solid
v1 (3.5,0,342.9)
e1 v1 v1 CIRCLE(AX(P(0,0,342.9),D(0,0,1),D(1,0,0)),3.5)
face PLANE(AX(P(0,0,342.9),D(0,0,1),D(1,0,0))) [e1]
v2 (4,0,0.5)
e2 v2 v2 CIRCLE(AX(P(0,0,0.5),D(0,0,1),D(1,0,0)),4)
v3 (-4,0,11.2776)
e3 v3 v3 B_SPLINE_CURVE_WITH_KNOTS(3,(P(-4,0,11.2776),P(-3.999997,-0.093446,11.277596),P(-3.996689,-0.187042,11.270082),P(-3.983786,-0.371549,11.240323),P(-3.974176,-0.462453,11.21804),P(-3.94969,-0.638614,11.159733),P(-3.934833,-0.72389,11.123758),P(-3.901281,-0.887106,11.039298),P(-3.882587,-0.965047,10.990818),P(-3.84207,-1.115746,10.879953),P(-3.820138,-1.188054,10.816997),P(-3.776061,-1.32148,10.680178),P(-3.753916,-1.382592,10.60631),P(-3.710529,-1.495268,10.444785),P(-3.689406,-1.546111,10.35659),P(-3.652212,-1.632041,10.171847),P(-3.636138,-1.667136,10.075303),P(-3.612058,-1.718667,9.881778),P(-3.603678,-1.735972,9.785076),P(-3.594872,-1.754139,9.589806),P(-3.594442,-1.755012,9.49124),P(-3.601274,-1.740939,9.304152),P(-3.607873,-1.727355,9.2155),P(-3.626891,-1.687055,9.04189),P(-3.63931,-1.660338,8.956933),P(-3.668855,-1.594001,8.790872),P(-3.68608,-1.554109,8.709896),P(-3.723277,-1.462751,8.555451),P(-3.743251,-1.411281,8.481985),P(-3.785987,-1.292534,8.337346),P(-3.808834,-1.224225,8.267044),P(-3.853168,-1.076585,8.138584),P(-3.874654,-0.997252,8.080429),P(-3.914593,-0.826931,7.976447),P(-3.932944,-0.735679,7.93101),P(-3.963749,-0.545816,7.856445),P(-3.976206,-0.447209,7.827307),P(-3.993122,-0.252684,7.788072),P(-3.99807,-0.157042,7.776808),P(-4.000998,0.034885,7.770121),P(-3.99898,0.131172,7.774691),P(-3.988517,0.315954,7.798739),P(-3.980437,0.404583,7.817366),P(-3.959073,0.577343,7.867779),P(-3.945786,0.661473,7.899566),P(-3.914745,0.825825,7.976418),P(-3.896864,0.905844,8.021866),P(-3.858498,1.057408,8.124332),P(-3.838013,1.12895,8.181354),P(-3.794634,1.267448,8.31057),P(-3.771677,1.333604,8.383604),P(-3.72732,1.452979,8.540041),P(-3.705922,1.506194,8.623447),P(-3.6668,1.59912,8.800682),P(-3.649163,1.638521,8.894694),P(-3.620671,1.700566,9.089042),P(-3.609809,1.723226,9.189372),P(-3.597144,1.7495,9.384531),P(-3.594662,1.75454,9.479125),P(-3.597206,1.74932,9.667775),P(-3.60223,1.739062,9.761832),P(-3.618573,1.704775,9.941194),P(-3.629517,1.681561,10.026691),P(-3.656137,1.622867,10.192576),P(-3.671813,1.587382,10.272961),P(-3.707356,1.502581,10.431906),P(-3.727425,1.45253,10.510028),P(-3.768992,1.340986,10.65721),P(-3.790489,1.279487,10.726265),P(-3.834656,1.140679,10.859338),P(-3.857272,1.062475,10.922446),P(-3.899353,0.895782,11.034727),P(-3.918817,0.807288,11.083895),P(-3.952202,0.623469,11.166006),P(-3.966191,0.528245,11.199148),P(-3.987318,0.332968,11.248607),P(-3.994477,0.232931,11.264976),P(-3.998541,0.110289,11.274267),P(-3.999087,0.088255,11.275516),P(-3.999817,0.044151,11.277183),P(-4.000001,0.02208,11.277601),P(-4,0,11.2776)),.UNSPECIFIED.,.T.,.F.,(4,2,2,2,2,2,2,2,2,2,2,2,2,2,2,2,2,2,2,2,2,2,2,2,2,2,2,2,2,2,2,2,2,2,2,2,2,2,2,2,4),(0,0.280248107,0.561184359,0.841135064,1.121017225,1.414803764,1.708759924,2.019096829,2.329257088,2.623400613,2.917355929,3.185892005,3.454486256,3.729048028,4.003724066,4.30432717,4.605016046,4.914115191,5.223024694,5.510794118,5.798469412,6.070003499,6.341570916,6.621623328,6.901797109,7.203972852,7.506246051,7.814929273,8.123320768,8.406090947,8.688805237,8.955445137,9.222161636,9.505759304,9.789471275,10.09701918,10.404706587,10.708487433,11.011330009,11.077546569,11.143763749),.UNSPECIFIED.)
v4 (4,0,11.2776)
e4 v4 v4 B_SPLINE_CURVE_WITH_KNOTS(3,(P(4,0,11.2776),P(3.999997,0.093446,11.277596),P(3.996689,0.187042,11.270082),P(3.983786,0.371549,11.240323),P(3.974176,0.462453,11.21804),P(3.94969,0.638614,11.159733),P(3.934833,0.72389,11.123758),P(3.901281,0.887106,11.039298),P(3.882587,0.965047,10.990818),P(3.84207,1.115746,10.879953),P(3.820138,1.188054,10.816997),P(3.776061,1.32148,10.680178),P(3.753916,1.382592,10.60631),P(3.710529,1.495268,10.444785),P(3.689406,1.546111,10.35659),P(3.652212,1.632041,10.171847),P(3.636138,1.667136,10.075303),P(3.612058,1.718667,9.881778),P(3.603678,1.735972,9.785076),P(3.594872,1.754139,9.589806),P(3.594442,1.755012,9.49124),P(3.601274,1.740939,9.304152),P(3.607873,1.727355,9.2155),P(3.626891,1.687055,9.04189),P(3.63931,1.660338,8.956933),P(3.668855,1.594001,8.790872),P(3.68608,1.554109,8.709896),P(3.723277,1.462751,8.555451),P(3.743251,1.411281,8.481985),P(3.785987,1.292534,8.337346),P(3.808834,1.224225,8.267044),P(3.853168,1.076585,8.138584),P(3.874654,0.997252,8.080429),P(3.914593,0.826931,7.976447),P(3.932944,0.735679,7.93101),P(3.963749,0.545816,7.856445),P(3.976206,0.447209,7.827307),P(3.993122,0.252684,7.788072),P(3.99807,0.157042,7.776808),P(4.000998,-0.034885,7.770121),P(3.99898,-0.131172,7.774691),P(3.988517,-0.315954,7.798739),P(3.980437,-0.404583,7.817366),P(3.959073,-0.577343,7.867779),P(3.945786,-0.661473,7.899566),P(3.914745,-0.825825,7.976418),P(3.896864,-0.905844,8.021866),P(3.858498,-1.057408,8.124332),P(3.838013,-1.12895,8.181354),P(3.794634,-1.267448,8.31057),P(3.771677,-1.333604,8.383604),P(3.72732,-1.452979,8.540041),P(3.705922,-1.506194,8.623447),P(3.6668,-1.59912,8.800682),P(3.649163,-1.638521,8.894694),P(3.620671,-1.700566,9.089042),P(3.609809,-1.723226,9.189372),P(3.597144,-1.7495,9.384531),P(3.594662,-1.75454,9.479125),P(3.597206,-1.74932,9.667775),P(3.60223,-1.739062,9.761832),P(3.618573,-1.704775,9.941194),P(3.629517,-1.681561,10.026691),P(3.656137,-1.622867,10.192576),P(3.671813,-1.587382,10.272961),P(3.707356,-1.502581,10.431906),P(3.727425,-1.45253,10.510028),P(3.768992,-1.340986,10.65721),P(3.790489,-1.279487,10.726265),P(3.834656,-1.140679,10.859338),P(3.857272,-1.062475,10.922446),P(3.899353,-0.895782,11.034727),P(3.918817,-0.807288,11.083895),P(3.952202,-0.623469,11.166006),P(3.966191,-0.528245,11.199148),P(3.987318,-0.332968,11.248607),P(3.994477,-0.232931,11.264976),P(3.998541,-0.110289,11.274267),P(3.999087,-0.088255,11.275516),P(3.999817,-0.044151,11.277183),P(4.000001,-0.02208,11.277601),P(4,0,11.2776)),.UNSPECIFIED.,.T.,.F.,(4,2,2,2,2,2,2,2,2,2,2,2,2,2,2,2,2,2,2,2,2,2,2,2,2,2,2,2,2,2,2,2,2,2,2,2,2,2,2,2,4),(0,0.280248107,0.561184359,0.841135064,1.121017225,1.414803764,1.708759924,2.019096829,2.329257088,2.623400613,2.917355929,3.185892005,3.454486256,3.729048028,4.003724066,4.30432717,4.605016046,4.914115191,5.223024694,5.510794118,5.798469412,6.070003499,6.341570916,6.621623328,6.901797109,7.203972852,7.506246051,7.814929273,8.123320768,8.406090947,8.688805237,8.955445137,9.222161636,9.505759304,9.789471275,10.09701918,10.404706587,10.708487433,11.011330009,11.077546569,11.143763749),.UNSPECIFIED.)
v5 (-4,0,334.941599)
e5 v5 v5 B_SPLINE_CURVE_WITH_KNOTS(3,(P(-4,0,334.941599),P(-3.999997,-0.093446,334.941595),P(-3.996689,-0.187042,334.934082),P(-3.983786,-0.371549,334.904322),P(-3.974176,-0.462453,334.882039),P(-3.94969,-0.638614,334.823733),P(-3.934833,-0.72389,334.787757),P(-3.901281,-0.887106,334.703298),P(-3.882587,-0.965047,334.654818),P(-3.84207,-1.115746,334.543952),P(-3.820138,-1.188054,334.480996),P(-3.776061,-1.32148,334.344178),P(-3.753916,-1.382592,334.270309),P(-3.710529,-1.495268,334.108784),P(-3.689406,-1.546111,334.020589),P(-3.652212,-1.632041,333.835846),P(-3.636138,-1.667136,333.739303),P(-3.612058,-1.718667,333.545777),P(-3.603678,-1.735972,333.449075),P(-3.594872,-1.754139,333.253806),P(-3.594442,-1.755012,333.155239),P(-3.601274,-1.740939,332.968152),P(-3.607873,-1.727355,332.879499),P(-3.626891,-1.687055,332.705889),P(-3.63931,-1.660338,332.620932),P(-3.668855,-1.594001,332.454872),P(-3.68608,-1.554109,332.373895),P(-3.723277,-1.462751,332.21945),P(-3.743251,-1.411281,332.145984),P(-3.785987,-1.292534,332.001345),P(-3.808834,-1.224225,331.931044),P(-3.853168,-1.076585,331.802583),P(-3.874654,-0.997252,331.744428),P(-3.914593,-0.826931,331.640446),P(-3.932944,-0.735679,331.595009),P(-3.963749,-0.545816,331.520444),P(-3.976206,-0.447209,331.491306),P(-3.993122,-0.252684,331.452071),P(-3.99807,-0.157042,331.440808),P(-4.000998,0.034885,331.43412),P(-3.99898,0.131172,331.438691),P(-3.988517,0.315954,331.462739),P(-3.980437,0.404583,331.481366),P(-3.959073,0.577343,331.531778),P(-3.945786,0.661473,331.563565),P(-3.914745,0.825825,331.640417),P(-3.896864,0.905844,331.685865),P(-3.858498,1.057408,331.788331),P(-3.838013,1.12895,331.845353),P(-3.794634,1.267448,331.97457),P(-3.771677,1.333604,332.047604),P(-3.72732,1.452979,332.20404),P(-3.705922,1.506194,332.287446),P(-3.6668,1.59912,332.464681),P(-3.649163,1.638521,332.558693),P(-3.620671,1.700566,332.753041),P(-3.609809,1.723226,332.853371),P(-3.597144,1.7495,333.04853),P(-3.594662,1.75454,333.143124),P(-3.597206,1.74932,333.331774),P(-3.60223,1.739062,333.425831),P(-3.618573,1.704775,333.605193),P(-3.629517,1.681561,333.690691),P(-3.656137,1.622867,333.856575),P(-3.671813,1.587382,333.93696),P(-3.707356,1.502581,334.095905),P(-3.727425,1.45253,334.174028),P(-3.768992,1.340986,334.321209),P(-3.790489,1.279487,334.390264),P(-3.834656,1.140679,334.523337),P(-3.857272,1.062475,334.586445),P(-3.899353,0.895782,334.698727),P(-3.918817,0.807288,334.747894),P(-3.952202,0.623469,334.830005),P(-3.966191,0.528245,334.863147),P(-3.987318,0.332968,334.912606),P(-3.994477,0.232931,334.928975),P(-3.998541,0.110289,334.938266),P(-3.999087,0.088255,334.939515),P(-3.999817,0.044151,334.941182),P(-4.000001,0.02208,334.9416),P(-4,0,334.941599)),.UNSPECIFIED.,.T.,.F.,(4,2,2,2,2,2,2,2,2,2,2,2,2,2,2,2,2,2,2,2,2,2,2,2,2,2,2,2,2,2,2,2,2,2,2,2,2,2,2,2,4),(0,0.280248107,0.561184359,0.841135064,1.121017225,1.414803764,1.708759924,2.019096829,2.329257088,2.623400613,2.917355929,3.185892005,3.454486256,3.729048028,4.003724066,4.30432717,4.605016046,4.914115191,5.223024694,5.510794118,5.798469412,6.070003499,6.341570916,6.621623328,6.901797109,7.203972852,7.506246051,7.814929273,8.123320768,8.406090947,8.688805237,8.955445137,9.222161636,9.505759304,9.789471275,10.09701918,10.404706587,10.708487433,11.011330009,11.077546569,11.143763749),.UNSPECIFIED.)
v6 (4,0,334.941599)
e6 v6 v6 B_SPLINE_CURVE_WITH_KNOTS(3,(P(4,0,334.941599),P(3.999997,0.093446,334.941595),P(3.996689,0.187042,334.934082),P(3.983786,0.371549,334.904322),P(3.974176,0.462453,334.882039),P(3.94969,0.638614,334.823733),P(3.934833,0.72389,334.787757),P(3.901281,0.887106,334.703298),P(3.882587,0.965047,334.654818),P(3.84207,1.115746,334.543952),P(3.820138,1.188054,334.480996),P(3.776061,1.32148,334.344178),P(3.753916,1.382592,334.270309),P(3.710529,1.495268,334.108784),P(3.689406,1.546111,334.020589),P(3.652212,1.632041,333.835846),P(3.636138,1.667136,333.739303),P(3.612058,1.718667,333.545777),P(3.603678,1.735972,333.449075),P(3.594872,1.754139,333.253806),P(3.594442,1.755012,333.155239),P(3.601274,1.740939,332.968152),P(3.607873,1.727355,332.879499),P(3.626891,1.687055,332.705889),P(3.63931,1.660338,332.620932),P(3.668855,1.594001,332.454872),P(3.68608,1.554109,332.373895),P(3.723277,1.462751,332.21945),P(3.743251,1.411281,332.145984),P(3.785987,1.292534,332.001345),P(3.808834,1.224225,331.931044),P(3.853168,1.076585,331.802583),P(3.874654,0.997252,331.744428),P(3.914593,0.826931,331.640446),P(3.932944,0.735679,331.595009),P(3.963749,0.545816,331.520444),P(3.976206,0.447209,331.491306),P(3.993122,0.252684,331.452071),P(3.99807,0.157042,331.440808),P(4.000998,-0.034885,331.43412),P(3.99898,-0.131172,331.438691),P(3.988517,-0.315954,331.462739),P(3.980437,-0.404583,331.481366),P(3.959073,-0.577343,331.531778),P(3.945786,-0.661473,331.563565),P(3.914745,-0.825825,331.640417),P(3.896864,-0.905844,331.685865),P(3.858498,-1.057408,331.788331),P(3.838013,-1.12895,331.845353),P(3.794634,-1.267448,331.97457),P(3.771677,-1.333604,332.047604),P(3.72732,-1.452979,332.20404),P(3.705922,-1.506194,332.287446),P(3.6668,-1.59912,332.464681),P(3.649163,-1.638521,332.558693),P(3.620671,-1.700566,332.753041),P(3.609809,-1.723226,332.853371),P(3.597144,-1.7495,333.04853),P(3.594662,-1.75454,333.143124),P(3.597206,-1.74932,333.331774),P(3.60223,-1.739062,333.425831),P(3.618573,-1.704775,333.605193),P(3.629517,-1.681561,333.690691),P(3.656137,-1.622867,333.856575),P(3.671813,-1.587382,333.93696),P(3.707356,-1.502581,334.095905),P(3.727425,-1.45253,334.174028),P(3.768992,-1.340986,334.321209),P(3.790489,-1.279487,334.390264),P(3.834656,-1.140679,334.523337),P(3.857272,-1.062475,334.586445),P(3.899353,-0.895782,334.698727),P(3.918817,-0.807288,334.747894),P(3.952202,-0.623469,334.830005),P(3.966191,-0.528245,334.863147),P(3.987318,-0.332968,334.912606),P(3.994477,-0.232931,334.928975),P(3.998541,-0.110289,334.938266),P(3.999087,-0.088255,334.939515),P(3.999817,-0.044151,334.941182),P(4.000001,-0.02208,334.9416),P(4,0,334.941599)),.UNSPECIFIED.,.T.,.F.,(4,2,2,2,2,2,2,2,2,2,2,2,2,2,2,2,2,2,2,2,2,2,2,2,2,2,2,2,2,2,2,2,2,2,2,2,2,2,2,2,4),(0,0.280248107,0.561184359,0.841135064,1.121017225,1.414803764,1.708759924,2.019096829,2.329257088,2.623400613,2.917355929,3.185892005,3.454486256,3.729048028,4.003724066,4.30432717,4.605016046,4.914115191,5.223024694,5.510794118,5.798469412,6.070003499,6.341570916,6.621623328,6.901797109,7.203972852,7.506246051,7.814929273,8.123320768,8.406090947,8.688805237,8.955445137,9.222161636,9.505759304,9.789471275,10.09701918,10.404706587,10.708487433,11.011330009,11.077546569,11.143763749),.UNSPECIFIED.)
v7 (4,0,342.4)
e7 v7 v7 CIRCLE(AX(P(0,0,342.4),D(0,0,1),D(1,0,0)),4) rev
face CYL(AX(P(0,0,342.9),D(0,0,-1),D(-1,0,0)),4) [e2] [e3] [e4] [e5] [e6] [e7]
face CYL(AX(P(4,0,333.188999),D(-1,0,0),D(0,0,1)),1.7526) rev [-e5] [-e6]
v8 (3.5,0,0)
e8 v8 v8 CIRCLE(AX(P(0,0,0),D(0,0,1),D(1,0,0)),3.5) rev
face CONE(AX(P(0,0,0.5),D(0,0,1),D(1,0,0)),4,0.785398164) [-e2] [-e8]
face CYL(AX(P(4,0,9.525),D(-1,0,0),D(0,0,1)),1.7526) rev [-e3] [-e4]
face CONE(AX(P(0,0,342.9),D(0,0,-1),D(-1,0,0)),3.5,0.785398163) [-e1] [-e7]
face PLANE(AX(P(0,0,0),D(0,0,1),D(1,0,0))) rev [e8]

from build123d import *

# Parameters (mm, degrees)
SKETCH1_R           = 4
BOSS_EXTRUDE1_DEPTH = 342.9
CHAMFER1_SIZE       = 0.5
SKETCH3_R           = 1.7526
CUT_EXTRUDE1_DEPTH  = 344.01663225


with BuildPart() as part:
    # Sketch1 → Boss-Extrude1 (new body)
    with BuildSketch(Plane.XY):
        Circle(SKETCH1_R)
    extrude(amount=BOSS_EXTRUDE1_DEPTH)

    # Chamfer1
    chamfer1_edges = [part.edges().sort_by_distance(p)[0] for p in [
        (-4, 0, 0),
        (-4, 0, 342.9),
    ]]
    chamfer(chamfer1_edges, length=CHAMFER1_SIZE)

    # Sketch3 → Cut-Extrude1 (cut, through all)
    with BuildSketch(Plane.ZY.offset(4)):
        with Locations((9.525, 0)):
            Circle(SKETCH3_R)
        with Locations((333.188999311, 0)):
            Circle(SKETCH3_R)
    extrude(amount=-CUT_EXTRUDE1_DEPTH, mode=Mode.SUBTRACT)


solid = part.part
